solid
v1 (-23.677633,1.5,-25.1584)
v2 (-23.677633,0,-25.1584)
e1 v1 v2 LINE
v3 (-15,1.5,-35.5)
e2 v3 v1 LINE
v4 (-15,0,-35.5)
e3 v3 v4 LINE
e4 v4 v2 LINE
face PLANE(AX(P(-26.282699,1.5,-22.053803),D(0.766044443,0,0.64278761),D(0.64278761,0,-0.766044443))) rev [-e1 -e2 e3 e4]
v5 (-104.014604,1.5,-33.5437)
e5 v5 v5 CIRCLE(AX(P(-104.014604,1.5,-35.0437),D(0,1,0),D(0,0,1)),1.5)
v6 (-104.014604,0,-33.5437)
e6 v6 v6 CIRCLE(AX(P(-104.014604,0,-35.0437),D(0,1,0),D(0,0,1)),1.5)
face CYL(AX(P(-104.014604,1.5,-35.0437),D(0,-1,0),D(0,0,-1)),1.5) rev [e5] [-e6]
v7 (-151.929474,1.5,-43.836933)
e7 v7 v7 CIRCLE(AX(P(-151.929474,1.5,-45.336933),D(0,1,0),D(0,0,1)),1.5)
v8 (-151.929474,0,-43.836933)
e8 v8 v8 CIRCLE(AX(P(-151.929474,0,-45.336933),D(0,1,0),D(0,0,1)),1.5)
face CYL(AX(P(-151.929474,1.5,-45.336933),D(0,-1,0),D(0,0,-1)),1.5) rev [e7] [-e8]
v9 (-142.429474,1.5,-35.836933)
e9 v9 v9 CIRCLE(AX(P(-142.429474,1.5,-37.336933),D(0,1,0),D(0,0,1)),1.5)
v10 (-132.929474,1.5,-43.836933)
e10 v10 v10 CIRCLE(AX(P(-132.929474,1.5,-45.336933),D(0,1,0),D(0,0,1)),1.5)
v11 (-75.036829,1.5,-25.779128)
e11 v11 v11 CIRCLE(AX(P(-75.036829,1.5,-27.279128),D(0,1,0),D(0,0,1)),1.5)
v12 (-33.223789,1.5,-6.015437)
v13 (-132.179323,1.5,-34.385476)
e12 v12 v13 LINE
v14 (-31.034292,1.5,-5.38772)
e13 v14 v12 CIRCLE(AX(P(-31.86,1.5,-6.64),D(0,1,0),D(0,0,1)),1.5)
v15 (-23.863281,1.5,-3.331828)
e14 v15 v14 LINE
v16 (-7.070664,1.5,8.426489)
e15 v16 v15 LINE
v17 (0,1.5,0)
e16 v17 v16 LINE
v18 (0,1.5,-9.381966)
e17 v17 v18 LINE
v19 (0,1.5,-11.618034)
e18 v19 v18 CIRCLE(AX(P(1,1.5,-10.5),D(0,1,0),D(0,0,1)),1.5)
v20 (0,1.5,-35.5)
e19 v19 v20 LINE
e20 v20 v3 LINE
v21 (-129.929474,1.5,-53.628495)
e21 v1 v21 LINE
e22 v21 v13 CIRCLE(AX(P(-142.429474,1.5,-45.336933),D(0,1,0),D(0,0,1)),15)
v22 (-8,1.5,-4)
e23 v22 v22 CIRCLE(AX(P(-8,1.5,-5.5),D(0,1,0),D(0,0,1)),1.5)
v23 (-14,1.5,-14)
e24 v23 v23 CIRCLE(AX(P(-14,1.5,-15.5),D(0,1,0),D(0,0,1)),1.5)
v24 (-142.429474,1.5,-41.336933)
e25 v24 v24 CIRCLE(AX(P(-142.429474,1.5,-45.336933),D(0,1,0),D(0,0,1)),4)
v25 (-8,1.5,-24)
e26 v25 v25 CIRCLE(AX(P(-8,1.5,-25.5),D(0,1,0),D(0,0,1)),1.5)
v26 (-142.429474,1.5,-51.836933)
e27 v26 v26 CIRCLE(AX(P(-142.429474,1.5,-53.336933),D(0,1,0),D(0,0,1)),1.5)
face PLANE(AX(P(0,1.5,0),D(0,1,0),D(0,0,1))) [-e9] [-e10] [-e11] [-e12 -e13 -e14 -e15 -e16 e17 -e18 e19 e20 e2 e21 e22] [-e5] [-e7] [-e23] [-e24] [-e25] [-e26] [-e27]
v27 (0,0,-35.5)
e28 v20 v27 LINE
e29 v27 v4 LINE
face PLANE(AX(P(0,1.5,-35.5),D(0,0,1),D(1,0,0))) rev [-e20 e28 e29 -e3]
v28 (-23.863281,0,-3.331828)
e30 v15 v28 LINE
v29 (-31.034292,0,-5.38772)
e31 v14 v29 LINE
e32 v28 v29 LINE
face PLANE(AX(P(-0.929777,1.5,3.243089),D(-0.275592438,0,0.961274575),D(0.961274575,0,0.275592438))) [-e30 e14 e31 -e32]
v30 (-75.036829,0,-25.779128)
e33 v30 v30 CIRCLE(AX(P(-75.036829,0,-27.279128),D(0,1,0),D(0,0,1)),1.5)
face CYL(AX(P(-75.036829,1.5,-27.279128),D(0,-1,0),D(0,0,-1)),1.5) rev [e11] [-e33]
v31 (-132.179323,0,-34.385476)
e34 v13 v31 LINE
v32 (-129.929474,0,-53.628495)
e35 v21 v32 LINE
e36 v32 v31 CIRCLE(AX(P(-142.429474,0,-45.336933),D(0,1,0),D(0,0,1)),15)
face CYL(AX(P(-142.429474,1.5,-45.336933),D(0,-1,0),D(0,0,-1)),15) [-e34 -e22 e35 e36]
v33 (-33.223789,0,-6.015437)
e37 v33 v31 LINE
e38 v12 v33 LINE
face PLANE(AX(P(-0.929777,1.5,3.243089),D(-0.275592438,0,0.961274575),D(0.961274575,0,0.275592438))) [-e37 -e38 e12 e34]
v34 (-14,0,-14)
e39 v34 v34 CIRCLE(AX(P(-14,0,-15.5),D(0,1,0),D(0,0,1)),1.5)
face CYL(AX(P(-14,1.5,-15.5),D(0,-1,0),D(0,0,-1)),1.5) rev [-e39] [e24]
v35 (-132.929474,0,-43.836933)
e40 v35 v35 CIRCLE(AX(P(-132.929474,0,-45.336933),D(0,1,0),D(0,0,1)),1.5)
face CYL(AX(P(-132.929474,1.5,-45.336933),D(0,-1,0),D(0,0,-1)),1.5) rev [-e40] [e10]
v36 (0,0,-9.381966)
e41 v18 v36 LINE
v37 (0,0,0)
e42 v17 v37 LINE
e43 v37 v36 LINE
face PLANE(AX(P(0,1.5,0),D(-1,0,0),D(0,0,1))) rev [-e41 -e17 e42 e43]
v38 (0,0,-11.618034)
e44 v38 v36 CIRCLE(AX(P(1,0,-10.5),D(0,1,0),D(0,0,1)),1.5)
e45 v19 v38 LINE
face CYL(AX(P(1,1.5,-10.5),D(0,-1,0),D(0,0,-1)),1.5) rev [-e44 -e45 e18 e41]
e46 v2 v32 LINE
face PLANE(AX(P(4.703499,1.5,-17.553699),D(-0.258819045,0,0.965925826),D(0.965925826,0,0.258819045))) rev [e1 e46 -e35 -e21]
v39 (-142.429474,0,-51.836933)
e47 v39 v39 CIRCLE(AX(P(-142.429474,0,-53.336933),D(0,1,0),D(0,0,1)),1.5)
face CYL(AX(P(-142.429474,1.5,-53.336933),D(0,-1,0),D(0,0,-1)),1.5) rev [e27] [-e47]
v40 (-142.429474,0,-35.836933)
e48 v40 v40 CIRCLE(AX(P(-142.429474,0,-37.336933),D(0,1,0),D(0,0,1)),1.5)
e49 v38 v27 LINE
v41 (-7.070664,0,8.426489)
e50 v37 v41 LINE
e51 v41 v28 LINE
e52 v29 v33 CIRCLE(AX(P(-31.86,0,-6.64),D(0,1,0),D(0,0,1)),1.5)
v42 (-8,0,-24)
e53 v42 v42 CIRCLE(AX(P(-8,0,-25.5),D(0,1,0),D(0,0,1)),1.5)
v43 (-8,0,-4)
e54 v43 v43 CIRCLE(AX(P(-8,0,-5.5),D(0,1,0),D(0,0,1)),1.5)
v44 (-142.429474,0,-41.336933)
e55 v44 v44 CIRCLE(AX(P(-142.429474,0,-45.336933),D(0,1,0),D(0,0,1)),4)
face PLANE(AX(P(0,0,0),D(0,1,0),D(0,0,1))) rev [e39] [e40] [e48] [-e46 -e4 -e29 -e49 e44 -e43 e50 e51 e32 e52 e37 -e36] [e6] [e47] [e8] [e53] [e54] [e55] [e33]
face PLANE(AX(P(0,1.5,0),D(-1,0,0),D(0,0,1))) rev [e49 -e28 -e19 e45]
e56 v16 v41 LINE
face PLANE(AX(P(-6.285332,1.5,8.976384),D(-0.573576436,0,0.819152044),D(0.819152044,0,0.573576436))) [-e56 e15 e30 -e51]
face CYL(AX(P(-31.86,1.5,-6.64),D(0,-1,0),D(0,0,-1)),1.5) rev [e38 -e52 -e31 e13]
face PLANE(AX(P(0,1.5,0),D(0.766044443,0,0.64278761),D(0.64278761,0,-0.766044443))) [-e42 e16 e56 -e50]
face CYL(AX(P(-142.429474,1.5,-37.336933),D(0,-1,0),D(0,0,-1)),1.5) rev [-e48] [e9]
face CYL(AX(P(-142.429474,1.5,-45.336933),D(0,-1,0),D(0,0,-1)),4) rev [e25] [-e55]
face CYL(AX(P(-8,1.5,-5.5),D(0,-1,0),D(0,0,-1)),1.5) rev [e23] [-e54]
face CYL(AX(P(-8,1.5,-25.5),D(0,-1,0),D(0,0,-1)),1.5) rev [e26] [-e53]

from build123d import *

# Parameters (mm, degrees)
SKETCH1_R           = 1.5
SKETCH1_R_2         = 4
BOSS_EXTRUDE1_DEPTH = 1.5


with BuildPart() as part:
    # Sketch1 → Boss-Extrude1 (new body)
    with BuildSketch(Plane(origin=(0, 0, 0), x_dir=(1, 0, 0), z_dir=(0, 1, 0))):
        with BuildLine():
            Line((-7.070663707, -8.426488874), (0, 0))
            Line((0, 0), (0, 9.381966011))
            ThreePointArc((0, 9.381966011), (-0.5, 10.5), (0, 11.618033989))
            Line((0, 11.618033989), (0, 35.5))
            Line((0, 35.5), (-15, 35.5))
            Line((-15, 35.5), (-23.677632731, 25.158400018))
            Line((-23.677632731, 25.158400018), (-129.929473623, 53.628494979))
            ThreePointArc((-129.929473623, 53.628494979), (-157.327989791, 47.078833109), (-132.17932297, 34.38547595))
            Line((-132.17932297, 34.38547595), (-33.223789423, 6.015437425))
            ThreePointArc((-33.223789423, 6.015437425), (-31.446611343, 8.081911862), (-31.03429168, 5.387719772))
            Line((-31.03429168, 5.387719772), (-23.863280614, 3.331828071))
            Line((-23.863280614, 3.331828071), (-7.070663707, -8.426488874))
        make_face()
        with Locations(Location((-8, 5.5, 0), (0, 0, 270))):
            Circle(SKETCH1_R, mode=Mode.SUBTRACT)
        with Locations(Location((-14, 15.5, 0), (0, 0, 270))):
            Circle(SKETCH1_R, mode=Mode.SUBTRACT)
        with Locations(Location((-8, 25.5, 0), (0, 0, 270))):
            Circle(SKETCH1_R, mode=Mode.SUBTRACT)
        with Locations(Location((-142.429473623, 37.336933003, 0), (0, 0, 270))):
            Circle(SKETCH1_R, mode=Mode.SUBTRACT)
        with Locations(Location((-104.014603511, 35.04369958, 0), (0, 0, 270))):
            Circle(SKETCH1_R, mode=Mode.SUBTRACT)
        with Locations(Location((-151.929473623, 45.336933003, 0), (0, 0, 270))):
            Circle(SKETCH1_R, mode=Mode.SUBTRACT)
        with Locations(Location((-142.429473623, 45.336933003, 0), (0, 0, 270))):
            Circle(SKETCH1_R_2, mode=Mode.SUBTRACT)
        with Locations(Location((-132.929473623, 45.336933003, 0), (0, 0, 270))):
            Circle(SKETCH1_R, mode=Mode.SUBTRACT)
        with Locations(Location((-142.429473623, 53.336933003, 0), (0, 0, 270))):
            Circle(SKETCH1_R, mode=Mode.SUBTRACT)
        with Locations(Location((-75.036828722, 27.279128226, 0), (0, 0, 270))):
            Circle(SKETCH1_R, mode=Mode.SUBTRACT)
    extrude(amount=BOSS_EXTRUDE1_DEPTH)


solid = part.part
